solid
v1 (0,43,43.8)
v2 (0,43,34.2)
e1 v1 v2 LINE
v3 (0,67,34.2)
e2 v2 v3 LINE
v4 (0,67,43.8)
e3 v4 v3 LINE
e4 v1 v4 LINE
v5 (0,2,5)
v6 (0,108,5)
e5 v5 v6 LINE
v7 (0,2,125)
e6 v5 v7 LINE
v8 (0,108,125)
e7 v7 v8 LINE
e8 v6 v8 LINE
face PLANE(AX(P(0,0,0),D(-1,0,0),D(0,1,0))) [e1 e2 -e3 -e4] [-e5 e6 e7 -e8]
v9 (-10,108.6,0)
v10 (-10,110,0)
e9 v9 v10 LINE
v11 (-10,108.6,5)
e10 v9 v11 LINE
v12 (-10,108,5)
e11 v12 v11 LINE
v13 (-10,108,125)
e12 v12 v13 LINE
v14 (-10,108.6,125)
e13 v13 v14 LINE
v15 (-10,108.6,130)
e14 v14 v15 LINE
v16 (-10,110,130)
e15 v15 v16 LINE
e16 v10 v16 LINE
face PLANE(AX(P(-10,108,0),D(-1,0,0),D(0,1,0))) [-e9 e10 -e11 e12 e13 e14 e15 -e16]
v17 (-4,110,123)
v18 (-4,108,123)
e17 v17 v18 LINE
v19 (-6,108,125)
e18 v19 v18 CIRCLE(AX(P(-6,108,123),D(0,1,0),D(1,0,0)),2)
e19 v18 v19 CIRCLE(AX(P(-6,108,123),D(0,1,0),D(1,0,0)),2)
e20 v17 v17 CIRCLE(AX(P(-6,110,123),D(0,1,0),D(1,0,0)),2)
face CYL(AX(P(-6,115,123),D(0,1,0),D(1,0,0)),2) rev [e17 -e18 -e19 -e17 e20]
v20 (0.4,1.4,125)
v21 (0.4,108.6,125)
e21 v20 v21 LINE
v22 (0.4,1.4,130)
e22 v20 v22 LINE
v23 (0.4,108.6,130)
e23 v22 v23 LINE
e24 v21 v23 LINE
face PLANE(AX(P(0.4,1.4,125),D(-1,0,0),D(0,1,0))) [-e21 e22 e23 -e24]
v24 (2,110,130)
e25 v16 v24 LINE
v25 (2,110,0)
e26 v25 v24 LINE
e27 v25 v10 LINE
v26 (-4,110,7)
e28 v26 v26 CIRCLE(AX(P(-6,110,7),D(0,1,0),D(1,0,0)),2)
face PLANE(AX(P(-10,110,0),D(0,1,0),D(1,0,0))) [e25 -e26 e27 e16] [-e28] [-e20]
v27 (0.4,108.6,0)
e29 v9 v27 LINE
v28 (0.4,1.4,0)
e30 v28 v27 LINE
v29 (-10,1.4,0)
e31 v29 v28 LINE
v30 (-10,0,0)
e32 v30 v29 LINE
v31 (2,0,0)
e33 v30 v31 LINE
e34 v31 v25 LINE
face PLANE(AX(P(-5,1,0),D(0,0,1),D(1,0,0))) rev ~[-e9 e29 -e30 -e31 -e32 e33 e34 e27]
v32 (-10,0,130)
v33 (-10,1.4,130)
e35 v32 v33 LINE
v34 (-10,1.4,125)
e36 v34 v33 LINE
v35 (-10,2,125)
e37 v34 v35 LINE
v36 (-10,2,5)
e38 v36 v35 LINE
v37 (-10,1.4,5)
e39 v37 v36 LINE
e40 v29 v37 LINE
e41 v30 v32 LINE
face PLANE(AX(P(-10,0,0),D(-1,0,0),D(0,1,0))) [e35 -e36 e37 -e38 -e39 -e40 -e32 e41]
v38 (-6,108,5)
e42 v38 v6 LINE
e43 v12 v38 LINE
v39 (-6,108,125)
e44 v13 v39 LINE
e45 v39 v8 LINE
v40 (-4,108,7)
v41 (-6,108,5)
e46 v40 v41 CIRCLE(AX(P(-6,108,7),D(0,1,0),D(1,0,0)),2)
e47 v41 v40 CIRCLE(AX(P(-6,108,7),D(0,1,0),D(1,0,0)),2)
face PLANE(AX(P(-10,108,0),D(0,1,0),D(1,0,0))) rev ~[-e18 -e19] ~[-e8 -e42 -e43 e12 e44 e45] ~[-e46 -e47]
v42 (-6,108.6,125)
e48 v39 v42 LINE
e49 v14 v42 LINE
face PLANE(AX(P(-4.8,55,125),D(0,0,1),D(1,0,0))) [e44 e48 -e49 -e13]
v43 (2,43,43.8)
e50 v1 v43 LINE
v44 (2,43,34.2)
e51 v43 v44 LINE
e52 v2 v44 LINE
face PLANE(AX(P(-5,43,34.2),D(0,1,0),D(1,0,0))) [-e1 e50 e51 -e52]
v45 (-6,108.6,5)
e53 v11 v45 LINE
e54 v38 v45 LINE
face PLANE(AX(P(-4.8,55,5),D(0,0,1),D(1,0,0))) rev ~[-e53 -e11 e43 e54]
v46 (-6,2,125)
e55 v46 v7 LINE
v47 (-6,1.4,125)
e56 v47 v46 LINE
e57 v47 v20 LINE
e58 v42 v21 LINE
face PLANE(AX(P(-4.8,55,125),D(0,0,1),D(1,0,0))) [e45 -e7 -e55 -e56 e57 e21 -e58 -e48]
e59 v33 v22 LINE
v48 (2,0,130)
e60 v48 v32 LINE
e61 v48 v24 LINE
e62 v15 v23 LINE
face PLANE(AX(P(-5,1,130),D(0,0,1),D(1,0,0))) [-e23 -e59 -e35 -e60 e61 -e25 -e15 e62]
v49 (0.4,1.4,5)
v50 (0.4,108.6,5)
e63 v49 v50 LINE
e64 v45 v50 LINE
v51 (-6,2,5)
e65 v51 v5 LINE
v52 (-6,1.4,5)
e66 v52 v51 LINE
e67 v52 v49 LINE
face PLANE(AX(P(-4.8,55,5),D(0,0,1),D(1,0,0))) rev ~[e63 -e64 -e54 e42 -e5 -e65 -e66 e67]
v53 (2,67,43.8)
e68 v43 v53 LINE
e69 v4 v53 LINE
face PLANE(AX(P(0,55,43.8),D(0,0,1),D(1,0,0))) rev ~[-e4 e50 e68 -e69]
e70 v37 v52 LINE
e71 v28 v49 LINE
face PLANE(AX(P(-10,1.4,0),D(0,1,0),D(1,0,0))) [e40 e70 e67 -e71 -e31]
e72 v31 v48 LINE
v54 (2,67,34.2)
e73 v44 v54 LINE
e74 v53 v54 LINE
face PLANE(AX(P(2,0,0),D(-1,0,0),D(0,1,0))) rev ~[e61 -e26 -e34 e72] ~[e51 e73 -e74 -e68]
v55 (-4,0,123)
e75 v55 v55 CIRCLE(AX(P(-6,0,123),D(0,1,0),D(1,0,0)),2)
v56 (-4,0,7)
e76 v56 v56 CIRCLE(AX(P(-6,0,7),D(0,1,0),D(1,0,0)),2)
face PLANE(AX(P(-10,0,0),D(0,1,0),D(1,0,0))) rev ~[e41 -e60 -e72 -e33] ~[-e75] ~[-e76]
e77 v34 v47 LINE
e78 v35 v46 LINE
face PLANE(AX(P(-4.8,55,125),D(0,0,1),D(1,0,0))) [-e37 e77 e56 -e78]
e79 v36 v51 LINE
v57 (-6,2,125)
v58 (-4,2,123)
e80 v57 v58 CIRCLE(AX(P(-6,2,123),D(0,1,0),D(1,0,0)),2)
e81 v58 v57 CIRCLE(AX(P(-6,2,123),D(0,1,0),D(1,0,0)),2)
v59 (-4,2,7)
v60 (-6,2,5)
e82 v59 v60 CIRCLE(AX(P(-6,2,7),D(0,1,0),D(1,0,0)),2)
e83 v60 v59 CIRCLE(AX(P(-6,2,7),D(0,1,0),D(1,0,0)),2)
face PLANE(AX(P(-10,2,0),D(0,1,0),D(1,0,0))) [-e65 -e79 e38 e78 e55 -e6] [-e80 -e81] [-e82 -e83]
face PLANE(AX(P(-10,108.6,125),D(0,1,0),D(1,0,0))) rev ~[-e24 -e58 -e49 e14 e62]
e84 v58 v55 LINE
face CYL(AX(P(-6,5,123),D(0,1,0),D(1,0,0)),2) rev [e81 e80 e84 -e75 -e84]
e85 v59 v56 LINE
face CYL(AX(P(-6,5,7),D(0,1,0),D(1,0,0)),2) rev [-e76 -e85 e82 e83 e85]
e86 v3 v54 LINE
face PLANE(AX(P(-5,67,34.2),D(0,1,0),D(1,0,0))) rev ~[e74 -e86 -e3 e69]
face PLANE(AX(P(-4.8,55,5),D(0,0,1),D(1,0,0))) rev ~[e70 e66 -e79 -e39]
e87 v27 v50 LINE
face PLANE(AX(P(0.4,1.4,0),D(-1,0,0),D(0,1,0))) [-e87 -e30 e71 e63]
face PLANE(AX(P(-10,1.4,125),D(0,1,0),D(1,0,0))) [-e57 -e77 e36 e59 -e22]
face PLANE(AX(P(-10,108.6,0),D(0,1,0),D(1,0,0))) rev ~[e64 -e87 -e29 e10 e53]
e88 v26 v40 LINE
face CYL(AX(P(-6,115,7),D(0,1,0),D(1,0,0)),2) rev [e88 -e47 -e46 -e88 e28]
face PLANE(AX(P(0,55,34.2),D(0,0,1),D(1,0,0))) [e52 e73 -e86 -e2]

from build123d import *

# Parameters (mm, degrees)
CYLINDER066_R     = 2
CYLINDER066_DEPTH = 10
CYLINDER068_R     = 2
CYLINDER068_DEPTH = 10
CYLINDER067_R     = 2
CYLINDER067_DEPTH = 10
CYLINDER065_R     = 2
CYLINDER065_DEPTH = 10
BOX059_W          = 10
BOX059_H          = 24
BOX059_DEPTH      = 9.6
BOX055_W          = 10.4
BOX055_H          = 107.2
BOX055_DEPTH      = 5
BOX056_W          = 10.4
BOX056_H          = 107.2
BOX056_DEPTH      = 5
BOX054_W          = 10
BOX054_H          = 2
BOX054_DEPTH      = 130
BOX053_W          = 10
BOX053_H          = 2
BOX053_DEPTH      = 130
BOX052_W          = 2
BOX052_H          = 110
BOX052_DEPTH      = 130


with BuildPart() as rueck_loch002:
    # Cylinder066 → Cylinder066 (new body)
    with BuildSketch(Plane(origin=(-6, 5, 123), x_dir=(1, 0, 0), z_dir=(0, -1, 0))):
        Circle(CYLINDER066_R)
    extrude(amount=CYLINDER066_DEPTH)


with BuildPart() as rueck_loch004:
    # Cylinder068 → Cylinder068 (new body)
    with BuildSketch(Plane(origin=(-6, 115, 123), x_dir=(1, 0, 0), z_dir=(0, -1, 0))):
        Circle(CYLINDER068_R)
    extrude(amount=CYLINDER068_DEPTH)


with BuildPart() as rueck_loch003:
    # Cylinder067 → Cylinder067 (new body)
    with BuildSketch(Plane(origin=(-6, 115, 7), x_dir=(1, 0, 0), z_dir=(0, -1, 0))):
        Circle(CYLINDER067_R)
    extrude(amount=CYLINDER067_DEPTH)


with BuildPart() as rueck_loecher:
    # Cylinder065 → Cylinder065 (new body)
    with BuildSketch(Plane(origin=(-6, 5, 7), x_dir=(1, 0, 0), z_dir=(0, -1, 0))):
        Circle(CYLINDER065_R)
    extrude(amount=CYLINDER065_DEPTH)

    # Fusion033: union Rueck_Loch002, Rueck_Loch004, Rueck_Loch003
    add(rueck_loch002.part)
    add(rueck_loch004.part)
    add(rueck_loch003.part)


with BuildPart() as ruecken_loch:
    # Box059 → Box059 (new body)
    with BuildSketch(Plane(origin=(-5, 43, 34.2), x_dir=(1, 0, 0), z_dir=(0, 0, 1))):
        with Locations((5, 12)):
            Rectangle(BOX059_W, BOX059_H)
    extrude(amount=BOX059_DEPTH)


with BuildPart() as cube047:
    # Box055 → Box055 (new body)
    with BuildSketch(Plane(origin=(-10, 1.4, 0), x_dir=(1, 0, 0), z_dir=(0, 0, 1))):
        with Locations((5.2, 53.6)):
            Rectangle(BOX055_W, BOX055_H)
    extrude(amount=BOX055_DEPTH)


with BuildPart() as fusion024:
    # Box056 → Box056 (new body)
    with BuildSketch(Plane(origin=(-10, 1.4, 125), x_dir=(1, 0, 0), z_dir=(0, 0, 1))):
        with Locations((5.2, 53.6)):
            Rectangle(BOX056_W, BOX056_H)
    extrude(amount=BOX056_DEPTH)

    # Fusion024: union Cube047
    add(cube047.part)


with BuildPart() as cube046:
    # Box054 → Box054 (new body)
    with BuildSketch(Plane(origin=(-10, 108, 0), x_dir=(1, 0, 0), z_dir=(0, 0, 1))):
        with Locations((5, 1)):
            Rectangle(BOX054_W, BOX054_H)
    extrude(amount=BOX054_DEPTH)


with BuildPart() as cube045:
    # Box053 → Box053 (new body)
    with BuildSketch(Plane(origin=(-10, 0, 0), x_dir=(1, 0, 0), z_dir=(0, 0, 1))):
        with Locations((5, 1)):
            Rectangle(BOX053_W, BOX053_H)
    extrude(amount=BOX053_DEPTH)


with BuildPart() as ruecken_loch_cut_loecher:
    # Box052 → Box052 (new body)
    with BuildSketch(Plane.XY):
        with Locations((1, 55)):
            Rectangle(BOX052_W, BOX052_H)
    extrude(amount=BOX052_DEPTH)

    # Fusion023: union Cube046, Cube045
    add(cube046.part)
    add(cube045.part)

    # Cut052: cut Fusion024
    add(fusion024.part, mode=Mode.SUBTRACT)

    # Cut054: cut Ruecken_Loch
    add(ruecken_loch.part, mode=Mode.SUBTRACT)

    # Cut062: cut Rueck_Loecher
    add(rueck_loecher.part, mode=Mode.SUBTRACT)


solid = ruecken_loch_cut_loecher.part
